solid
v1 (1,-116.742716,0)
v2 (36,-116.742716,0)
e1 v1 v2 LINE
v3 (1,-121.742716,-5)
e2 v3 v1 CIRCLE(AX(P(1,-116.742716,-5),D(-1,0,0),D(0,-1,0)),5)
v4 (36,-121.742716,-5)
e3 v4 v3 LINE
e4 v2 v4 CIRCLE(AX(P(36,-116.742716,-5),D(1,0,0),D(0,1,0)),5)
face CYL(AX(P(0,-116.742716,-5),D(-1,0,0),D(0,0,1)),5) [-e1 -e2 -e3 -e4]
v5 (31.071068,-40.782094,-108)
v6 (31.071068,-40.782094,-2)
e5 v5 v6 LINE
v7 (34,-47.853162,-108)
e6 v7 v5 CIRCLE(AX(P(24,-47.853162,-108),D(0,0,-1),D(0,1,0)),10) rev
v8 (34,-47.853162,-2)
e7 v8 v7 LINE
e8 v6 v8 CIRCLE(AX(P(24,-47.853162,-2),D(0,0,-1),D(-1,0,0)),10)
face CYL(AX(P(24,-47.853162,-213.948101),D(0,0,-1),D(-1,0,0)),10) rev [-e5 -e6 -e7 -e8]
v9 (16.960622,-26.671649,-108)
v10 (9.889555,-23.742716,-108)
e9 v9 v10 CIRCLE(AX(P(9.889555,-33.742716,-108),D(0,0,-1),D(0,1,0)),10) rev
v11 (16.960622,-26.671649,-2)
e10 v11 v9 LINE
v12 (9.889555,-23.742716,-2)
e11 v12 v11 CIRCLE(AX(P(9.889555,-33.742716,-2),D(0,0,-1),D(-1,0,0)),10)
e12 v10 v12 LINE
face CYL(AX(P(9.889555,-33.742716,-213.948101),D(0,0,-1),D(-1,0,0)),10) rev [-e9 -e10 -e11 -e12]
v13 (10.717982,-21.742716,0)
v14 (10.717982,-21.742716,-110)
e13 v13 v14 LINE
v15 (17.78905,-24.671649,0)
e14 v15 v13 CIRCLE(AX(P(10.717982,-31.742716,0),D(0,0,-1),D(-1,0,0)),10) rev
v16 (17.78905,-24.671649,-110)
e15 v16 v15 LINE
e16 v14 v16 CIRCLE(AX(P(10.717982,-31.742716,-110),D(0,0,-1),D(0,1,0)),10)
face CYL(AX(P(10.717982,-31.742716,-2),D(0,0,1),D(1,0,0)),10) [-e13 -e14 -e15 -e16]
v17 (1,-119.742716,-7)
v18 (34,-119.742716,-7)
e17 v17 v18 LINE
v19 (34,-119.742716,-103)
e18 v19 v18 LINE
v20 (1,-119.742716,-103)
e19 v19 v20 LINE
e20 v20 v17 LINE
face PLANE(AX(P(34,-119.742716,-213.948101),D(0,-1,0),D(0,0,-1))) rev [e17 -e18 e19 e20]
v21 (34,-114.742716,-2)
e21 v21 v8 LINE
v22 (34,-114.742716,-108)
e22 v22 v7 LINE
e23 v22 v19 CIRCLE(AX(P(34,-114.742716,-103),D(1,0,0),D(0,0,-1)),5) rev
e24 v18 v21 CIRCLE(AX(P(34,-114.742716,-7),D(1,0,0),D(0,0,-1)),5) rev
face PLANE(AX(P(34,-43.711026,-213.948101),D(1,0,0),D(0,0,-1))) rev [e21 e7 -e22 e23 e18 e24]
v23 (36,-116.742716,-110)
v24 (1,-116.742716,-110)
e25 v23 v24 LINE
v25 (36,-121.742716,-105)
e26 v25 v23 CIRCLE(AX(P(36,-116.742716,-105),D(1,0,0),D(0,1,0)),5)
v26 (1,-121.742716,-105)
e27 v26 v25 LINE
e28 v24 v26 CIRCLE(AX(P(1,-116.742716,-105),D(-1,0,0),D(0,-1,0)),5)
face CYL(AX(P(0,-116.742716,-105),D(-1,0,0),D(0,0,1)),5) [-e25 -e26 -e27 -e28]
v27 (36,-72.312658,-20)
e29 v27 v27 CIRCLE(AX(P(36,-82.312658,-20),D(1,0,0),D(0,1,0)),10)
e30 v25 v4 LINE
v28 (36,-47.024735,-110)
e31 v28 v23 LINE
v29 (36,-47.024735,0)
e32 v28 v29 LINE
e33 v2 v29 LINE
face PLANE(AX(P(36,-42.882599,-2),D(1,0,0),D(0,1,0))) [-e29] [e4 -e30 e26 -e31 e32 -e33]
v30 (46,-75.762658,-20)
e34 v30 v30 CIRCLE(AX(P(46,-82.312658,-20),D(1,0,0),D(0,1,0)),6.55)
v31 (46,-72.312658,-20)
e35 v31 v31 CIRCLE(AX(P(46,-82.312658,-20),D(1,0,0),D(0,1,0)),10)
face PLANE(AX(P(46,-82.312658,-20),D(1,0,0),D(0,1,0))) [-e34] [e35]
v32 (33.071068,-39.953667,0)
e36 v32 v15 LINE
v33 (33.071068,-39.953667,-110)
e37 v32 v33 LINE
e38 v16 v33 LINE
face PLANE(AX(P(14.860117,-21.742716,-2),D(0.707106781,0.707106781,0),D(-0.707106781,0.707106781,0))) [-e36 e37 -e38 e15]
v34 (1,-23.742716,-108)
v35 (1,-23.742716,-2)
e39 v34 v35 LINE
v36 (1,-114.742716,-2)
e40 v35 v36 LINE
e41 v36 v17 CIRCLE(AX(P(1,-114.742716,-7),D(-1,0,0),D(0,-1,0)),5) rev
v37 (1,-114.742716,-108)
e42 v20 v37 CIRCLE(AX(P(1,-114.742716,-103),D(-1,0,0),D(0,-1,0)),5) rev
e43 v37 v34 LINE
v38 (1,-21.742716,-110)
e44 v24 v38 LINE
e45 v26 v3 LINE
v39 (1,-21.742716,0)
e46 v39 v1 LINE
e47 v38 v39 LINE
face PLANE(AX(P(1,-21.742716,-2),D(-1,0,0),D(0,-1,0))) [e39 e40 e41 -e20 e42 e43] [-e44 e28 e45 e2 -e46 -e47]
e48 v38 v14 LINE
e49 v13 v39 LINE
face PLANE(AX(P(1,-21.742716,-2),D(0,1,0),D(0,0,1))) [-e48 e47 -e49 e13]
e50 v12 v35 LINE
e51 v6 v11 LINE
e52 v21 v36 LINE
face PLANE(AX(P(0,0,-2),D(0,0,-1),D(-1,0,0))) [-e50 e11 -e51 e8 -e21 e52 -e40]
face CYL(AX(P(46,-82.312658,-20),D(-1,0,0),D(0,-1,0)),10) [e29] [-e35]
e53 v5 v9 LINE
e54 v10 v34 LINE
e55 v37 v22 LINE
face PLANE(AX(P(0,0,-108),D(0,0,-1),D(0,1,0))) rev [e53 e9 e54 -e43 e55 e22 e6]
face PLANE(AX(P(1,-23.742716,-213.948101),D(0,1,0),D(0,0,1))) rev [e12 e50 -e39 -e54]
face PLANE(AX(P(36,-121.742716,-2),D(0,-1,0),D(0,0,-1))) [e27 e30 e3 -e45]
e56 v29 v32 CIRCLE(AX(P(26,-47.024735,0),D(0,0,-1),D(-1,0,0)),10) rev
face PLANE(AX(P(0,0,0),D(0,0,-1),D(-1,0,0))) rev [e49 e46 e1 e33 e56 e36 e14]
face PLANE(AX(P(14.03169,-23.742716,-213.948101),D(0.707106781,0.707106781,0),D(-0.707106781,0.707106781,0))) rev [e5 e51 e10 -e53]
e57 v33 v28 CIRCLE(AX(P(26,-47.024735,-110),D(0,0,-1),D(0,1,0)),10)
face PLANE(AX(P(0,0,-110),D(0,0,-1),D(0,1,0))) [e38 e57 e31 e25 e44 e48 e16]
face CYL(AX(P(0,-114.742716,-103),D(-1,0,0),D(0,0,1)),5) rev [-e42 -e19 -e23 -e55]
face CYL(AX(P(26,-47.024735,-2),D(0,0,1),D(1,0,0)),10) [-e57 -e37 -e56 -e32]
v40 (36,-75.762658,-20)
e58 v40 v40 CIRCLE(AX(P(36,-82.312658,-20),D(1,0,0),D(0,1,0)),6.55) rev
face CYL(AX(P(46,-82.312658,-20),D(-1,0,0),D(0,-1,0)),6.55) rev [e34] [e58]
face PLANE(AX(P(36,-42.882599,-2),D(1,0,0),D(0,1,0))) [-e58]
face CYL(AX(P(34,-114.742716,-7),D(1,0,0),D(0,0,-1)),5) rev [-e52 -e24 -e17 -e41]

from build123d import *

# Parameters (mm, degrees)
BOSS_EXTRUDE1_DEPTH = 2
BOSS_EXTRUDE2_DEPTH = 2
BOSS_EXTRUDE3_DEPTH = 106
SKETCH4_R           = 10
SKETCH4_R_2         = 6.55
BOSS_EXTRUDE4_DEPTH = 10
FILLET1_R           = 5
FILLET2_R           = 10


with BuildPart() as part:
    # Sketch1 → Boss-Extrude1 (new body)
    with BuildSketch(Plane.XY):
        Polygon((1, -21.742716482), (14.860117326, -21.742716482), (36, -42.882599156), (36, -121.742716482), (1, -121.742716482), align=None)
    extrude(amount=-BOSS_EXTRUDE1_DEPTH)



with BuildPart() as body_2:
    # Sketch2 → Boss-Extrude2 (new body)
    with BuildSketch(Plane(origin=(0, 0, -110), x_dir=(-1, 0, 0), z_dir=(0, 0, -1))):
        Polygon((-1, -121.742716482), (-1, -21.742716482), (-14.860117326, -21.742716482), (-36, -42.882599156), (-36, -121.742716482), align=None)
    extrude(amount=-BOSS_EXTRUDE2_DEPTH)


with BuildPart() as part_1:
    add(part.part)

    add(body_2.part)  # Boss-Extrude3 merges body 2
    # Sketch3 → Boss-Extrude3 (add)
    with BuildSketch(Plane(origin=(0, 0, -2), x_dir=(-1, 0, 0), z_dir=(0, 0, -1))):
        Polygon((-1, -23.742716482), (-14.031690201, -23.742716482), (-34, -43.71102628), (-34, -119.742716482), (-1, -119.742716482), (-1, -121.742716482), (-36, -121.742716482), (-36, -42.882599156), (-14.860117326, -21.742716482), (-1, -21.742716482), align=None)
    extrude(amount=BOSS_EXTRUDE3_DEPTH)

    # Sketch4 → Boss-Extrude4 (add)
    with BuildSketch(Plane(origin=(36, 0, 0), x_dir=(0, 0, -1), z_dir=(1, 0, 0))):
        with Locations(Location((20, -82.312657819, 0), (0, 0, 90))):
            Circle(SKETCH4_R)
        with Locations(Location((20, -82.312657819, 0), (0, 0, 90))):
            Circle(SKETCH4_R_2, mode=Mode.SUBTRACT)
    extrude(amount=BOSS_EXTRUDE4_DEPTH)

    # Fillet1
    fillet1_edges = [part_1.edges().sort_by_distance(p)[0] for p in [
        (17.5, -119.742716482, -2),
        (17.5, -119.742716482, -108),
        (18.5, -121.742716482, -110),
        (18.5, -121.742716482, 0),
    ]]
    fillet(fillet1_edges, radius=FILLET1_R)

    # Fillet2
    fillet2_edges = [part_1.edges().sort_by_distance(p)[0] for p in [
        (34, -43.71102628, -55),
        (14.031690201, -23.742716482, -55),
        (14.860117326, -21.742716482, -55),
        (36, -42.882599156, -55),
    ]]
    fillet(fillet2_edges, radius=FILLET2_R)


solid = part_1.part
